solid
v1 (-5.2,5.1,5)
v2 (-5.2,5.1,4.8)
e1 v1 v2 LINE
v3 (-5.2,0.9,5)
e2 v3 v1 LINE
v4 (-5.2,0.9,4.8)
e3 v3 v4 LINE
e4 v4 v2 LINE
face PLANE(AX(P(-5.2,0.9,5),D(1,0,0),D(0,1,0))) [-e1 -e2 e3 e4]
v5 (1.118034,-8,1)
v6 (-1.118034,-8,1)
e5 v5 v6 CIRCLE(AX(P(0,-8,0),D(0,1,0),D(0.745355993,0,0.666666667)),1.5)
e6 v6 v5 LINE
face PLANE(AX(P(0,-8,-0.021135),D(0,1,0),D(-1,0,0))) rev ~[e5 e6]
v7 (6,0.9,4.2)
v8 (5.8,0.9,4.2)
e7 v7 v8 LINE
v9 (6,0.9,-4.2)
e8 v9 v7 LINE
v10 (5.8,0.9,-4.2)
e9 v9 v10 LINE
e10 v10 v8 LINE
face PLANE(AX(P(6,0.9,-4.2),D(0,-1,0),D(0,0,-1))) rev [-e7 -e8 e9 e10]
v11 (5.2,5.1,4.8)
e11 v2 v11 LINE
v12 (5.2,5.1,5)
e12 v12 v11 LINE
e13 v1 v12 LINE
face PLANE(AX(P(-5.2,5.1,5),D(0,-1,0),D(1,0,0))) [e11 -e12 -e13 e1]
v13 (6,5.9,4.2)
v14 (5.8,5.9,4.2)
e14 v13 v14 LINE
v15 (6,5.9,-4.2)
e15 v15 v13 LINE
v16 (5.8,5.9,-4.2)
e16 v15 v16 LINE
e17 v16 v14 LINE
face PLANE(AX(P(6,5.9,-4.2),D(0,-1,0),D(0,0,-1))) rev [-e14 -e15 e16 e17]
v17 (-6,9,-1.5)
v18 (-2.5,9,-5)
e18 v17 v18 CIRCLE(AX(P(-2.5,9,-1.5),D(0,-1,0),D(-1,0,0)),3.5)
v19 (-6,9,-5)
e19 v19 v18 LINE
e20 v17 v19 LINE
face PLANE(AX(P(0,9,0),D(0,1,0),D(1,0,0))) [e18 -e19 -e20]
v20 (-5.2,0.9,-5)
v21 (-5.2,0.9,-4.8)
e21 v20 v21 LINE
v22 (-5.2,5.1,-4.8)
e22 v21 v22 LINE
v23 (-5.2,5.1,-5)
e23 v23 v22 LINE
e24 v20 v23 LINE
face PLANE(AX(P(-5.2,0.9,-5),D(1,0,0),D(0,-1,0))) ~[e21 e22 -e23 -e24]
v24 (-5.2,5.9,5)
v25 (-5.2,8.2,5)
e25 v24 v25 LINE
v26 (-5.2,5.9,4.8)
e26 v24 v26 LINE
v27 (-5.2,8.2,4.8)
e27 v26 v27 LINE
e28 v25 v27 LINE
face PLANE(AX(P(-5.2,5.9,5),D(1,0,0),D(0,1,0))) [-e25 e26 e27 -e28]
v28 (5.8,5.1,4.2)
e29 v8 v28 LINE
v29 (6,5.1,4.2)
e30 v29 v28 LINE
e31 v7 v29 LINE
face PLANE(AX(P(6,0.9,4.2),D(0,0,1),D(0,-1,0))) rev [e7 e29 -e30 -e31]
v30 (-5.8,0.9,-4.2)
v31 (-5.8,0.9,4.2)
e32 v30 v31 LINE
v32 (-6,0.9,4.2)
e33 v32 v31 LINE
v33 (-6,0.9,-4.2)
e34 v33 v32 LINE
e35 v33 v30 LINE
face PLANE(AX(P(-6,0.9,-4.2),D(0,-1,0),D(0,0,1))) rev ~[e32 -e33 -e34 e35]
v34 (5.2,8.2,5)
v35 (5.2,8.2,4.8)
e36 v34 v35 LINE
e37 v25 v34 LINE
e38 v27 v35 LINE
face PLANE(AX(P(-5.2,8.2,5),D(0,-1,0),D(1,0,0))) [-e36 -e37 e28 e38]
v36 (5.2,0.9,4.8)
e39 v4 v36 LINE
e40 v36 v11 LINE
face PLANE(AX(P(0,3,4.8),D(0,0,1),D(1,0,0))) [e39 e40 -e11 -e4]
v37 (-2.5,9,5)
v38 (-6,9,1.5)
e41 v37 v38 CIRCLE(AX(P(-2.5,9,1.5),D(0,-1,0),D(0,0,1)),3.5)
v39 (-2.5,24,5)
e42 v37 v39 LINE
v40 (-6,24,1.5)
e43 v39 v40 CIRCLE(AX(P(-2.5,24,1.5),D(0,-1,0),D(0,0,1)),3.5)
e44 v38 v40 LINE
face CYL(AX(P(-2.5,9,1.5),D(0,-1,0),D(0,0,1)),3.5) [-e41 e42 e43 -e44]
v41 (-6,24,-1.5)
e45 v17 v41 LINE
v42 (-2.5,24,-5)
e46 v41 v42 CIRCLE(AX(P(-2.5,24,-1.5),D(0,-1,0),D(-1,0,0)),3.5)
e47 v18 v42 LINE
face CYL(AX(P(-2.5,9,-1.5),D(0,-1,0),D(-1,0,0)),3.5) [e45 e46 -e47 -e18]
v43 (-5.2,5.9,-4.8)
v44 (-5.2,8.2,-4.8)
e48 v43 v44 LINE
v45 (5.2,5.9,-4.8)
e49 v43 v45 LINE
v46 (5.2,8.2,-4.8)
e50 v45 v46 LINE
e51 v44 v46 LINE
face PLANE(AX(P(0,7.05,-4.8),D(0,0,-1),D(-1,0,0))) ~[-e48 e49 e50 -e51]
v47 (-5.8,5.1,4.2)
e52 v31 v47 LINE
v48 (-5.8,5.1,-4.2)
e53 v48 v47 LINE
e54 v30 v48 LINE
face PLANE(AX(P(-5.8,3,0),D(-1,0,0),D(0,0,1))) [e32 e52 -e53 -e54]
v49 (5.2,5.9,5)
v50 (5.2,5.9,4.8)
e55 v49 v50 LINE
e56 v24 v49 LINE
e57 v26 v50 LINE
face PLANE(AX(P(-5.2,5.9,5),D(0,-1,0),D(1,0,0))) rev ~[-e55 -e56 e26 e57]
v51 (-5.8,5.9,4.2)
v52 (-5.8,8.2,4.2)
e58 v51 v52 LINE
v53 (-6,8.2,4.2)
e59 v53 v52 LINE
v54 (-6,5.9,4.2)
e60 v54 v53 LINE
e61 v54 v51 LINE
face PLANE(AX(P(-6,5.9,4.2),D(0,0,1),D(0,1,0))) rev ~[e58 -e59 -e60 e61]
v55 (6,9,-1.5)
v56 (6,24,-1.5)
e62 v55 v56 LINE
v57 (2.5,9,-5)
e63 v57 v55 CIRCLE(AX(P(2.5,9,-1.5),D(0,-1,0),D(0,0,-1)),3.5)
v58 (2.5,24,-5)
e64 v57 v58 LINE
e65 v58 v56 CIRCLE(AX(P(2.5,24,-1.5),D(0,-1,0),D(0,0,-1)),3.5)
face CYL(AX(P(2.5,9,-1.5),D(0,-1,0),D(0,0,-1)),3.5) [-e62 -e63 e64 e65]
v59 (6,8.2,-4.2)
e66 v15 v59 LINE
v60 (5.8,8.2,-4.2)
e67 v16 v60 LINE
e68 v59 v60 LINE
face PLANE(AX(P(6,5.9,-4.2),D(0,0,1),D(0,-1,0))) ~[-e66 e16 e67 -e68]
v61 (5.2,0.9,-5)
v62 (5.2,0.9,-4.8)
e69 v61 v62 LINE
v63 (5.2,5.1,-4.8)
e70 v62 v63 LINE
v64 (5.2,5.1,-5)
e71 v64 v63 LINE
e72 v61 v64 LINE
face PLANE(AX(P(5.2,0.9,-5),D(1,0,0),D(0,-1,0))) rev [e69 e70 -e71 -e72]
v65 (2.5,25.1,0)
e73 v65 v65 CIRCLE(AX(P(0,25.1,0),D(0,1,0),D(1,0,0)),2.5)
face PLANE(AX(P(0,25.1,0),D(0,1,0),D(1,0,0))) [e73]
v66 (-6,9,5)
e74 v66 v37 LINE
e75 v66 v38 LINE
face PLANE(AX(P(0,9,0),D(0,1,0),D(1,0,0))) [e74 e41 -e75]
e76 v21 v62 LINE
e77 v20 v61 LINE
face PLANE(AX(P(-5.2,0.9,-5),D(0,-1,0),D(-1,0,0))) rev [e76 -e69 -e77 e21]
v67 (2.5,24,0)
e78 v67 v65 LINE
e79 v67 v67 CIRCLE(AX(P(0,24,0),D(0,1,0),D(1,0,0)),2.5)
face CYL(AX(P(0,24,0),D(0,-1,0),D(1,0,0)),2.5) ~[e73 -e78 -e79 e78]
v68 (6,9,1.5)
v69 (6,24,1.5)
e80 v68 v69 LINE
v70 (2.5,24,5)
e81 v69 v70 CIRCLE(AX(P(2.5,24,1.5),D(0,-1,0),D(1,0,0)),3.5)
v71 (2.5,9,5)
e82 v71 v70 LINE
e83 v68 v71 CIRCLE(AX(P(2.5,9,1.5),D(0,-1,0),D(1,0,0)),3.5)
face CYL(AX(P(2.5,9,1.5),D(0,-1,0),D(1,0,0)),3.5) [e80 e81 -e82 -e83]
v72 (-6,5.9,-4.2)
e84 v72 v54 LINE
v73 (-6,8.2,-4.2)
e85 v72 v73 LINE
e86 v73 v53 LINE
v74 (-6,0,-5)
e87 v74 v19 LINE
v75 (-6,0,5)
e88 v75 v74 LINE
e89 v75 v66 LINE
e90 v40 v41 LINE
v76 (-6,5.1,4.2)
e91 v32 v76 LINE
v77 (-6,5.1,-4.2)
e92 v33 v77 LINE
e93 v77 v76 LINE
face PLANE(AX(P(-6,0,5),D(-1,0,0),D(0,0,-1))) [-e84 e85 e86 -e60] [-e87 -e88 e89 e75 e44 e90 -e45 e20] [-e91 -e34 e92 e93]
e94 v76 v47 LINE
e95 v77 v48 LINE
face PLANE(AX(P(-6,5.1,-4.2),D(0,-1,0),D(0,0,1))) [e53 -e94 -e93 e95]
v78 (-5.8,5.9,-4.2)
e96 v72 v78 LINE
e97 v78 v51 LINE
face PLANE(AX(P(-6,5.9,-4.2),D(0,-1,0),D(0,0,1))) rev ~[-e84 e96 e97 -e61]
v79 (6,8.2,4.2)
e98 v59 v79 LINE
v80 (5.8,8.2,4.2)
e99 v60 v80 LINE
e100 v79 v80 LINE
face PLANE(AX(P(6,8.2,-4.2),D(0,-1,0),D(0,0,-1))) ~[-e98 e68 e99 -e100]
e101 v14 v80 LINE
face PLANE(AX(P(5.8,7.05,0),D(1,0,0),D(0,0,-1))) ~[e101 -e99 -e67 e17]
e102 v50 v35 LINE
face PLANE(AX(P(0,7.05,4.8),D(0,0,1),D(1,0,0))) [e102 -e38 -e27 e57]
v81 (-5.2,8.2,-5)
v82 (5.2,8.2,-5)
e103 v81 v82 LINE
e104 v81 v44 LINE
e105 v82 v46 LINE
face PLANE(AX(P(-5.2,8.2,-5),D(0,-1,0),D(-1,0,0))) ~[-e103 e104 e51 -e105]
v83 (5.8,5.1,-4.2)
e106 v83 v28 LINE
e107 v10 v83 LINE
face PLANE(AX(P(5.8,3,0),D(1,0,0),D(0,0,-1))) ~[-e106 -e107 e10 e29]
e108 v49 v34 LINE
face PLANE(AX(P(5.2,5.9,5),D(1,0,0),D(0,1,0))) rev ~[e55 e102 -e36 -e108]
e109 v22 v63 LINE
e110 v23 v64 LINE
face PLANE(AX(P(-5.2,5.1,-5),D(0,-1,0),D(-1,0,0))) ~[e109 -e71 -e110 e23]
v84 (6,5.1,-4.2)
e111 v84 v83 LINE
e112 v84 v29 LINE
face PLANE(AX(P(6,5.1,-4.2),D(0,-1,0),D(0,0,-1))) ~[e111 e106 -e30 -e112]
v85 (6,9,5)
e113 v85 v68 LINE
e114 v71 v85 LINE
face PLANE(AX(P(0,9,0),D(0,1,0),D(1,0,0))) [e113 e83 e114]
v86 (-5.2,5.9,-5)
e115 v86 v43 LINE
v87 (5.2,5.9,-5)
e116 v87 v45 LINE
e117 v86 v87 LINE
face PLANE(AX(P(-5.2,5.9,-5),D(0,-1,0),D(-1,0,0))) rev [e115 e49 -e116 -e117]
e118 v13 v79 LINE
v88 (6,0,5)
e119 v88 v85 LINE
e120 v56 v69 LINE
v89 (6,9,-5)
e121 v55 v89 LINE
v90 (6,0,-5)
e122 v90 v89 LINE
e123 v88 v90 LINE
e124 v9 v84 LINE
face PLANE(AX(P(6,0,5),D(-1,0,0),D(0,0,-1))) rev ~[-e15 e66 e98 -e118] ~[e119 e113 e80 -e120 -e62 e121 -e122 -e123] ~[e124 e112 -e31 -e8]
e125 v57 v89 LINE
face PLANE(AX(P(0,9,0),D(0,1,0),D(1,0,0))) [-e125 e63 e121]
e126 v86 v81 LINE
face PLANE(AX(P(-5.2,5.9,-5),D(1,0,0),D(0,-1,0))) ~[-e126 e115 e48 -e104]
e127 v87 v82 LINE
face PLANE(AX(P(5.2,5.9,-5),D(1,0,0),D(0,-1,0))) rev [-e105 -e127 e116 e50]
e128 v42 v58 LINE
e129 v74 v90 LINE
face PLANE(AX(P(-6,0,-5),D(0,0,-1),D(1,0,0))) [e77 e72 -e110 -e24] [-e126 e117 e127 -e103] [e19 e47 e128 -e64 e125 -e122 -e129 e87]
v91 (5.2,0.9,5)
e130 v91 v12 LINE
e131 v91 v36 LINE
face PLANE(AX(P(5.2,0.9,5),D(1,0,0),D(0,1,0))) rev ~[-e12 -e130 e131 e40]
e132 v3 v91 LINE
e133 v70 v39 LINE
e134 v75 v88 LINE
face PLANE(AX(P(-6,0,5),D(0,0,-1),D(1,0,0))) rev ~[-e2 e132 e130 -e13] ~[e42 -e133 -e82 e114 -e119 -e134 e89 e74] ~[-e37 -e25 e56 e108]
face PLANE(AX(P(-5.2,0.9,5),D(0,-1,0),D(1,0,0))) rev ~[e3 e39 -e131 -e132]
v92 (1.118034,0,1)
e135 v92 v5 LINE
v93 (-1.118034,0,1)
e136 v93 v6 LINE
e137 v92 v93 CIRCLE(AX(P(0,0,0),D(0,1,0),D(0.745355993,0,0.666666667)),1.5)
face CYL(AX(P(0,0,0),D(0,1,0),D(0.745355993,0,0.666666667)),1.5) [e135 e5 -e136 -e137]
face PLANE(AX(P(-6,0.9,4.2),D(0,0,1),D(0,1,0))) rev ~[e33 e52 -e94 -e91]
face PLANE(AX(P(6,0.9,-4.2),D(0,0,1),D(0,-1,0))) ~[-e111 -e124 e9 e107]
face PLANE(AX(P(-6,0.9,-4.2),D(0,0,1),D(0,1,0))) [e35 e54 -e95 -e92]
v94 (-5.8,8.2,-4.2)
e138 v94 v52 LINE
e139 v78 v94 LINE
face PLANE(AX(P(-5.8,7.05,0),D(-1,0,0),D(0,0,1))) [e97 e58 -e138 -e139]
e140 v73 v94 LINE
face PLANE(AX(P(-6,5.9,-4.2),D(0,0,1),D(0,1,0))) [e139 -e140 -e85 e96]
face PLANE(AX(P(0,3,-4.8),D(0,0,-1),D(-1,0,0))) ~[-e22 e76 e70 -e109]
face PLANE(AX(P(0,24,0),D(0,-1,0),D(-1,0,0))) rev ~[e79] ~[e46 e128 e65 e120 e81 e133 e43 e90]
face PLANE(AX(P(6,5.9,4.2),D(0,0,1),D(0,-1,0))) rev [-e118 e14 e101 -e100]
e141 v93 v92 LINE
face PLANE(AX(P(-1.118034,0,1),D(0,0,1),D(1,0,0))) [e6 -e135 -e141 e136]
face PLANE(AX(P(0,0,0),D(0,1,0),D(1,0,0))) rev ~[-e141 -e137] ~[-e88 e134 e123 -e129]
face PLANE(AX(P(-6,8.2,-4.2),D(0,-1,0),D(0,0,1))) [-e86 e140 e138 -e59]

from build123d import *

# Parameters (mm, degrees)
SKETCH1_W           = 12
SKETCH1_H           = 10
BOSS_EXTRUDE1_DEPTH = 9
BOSS_EXTRUDE2_DEPTH = 15
SKETCH3_R           = 2.5
BOSS_EXTRUDE3_DEPTH = 1.1
BOSS_EXTRUDE4_DEPTH = 8
SKETCH5_W           = 10.4
SKETCH5_H           = 2.3
SKETCH5_H_2         = 4.2
CUT_EXTRUDE1_DEPTH  = 0.2
SKETCH6_W           = 8.4
SKETCH6_H           = 2.3
SKETCH6_H_2         = 4.2
CUT_EXTRUDE2_DEPTH  = 0.2


with BuildPart() as part:
    # Sketch1 → Boss-Extrude1 (new body)
    with BuildSketch(Plane(origin=(0, 0, 0), x_dir=(1, 0, 0), z_dir=(0, 1, 0))):
        Rectangle(SKETCH1_W, SKETCH1_H)
    extrude(amount=BOSS_EXTRUDE1_DEPTH)

    # Sketch2 → Boss-Extrude2 (add)
    with BuildSketch(Plane(origin=(0, 9, 0), x_dir=(1, 0, 0), z_dir=(0, 1, 0))):
        with BuildLine():
            Line((-2.5, 5), (2.5, 5))
            ThreePointArc((2.5, 5), (4.974873734, 3.974873734), (6, 1.5))
            Line((6, 1.5), (6, -1.5))
            ThreePointArc((6, -1.5), (4.974873734, -3.974873734), (2.5, -5))
            Line((2.5, -5), (-2.5, -5))
            ThreePointArc((-2.5, -5), (-4.974873734, -3.974873734), (-6, -1.5))
            Line((-6, -1.5), (-6, 1.5))
            ThreePointArc((-6, 1.5), (-4.974873734, 3.974873734), (-2.5, 5))
        make_face()
    extrude(amount=BOSS_EXTRUDE2_DEPTH)

    # Sketch3 → Boss-Extrude3 (add)
    with BuildSketch(Plane(origin=(0, 24, 0), x_dir=(1, 0, 0), z_dir=(0, 1, 0))):
        Circle(SKETCH3_R)
    extrude(amount=BOSS_EXTRUDE3_DEPTH)

    # Sketch4 → Boss-Extrude4 (add)
    with BuildSketch(Plane.XZ):
        with BuildLine():
            Line((-1.118033989, 1), (1.118033989, 1))
            ThreePointArc((1.118033989, 1), (0, -1.5), (-1.118033989, 1))
        make_face()
    extrude(amount=BOSS_EXTRUDE4_DEPTH)

    # Sketch5 → Cut-Extrude1 (cut)
    with BuildSketch(Plane.XY.offset(5)):
        with Locations((0, 7.05)):
            Rectangle(SKETCH5_W, SKETCH5_H)
        with Locations((0, 3)):
            Rectangle(SKETCH5_W, SKETCH5_H_2)
    cut_extrude1 = extrude(amount=-CUT_EXTRUDE1_DEPTH, mode=Mode.SUBTRACT)

    # Mirror1: Cut-Extrude1 across plane
    add(cut_extrude1.mirror(Plane.XY), mode=Mode.SUBTRACT)

    # Sketch6 → Cut-Extrude2 (cut)
    with BuildSketch(Plane.ZY.offset(6)):
        with Locations((0, 7.05)):
            Rectangle(SKETCH6_W, SKETCH6_H)
        with Locations((0, 3)):
            Rectangle(SKETCH6_W, SKETCH6_H_2)
    cut_extrude2 = extrude(amount=-CUT_EXTRUDE2_DEPTH, mode=Mode.SUBTRACT)

    # Mirror2: Cut-Extrude2 across plane
    add(cut_extrude2.mirror(Plane(origin=(0, 0, 0), x_dir=(0, 0, 1), z_dir=(1, 0, 0))), mode=Mode.SUBTRACT)


solid = part.part
